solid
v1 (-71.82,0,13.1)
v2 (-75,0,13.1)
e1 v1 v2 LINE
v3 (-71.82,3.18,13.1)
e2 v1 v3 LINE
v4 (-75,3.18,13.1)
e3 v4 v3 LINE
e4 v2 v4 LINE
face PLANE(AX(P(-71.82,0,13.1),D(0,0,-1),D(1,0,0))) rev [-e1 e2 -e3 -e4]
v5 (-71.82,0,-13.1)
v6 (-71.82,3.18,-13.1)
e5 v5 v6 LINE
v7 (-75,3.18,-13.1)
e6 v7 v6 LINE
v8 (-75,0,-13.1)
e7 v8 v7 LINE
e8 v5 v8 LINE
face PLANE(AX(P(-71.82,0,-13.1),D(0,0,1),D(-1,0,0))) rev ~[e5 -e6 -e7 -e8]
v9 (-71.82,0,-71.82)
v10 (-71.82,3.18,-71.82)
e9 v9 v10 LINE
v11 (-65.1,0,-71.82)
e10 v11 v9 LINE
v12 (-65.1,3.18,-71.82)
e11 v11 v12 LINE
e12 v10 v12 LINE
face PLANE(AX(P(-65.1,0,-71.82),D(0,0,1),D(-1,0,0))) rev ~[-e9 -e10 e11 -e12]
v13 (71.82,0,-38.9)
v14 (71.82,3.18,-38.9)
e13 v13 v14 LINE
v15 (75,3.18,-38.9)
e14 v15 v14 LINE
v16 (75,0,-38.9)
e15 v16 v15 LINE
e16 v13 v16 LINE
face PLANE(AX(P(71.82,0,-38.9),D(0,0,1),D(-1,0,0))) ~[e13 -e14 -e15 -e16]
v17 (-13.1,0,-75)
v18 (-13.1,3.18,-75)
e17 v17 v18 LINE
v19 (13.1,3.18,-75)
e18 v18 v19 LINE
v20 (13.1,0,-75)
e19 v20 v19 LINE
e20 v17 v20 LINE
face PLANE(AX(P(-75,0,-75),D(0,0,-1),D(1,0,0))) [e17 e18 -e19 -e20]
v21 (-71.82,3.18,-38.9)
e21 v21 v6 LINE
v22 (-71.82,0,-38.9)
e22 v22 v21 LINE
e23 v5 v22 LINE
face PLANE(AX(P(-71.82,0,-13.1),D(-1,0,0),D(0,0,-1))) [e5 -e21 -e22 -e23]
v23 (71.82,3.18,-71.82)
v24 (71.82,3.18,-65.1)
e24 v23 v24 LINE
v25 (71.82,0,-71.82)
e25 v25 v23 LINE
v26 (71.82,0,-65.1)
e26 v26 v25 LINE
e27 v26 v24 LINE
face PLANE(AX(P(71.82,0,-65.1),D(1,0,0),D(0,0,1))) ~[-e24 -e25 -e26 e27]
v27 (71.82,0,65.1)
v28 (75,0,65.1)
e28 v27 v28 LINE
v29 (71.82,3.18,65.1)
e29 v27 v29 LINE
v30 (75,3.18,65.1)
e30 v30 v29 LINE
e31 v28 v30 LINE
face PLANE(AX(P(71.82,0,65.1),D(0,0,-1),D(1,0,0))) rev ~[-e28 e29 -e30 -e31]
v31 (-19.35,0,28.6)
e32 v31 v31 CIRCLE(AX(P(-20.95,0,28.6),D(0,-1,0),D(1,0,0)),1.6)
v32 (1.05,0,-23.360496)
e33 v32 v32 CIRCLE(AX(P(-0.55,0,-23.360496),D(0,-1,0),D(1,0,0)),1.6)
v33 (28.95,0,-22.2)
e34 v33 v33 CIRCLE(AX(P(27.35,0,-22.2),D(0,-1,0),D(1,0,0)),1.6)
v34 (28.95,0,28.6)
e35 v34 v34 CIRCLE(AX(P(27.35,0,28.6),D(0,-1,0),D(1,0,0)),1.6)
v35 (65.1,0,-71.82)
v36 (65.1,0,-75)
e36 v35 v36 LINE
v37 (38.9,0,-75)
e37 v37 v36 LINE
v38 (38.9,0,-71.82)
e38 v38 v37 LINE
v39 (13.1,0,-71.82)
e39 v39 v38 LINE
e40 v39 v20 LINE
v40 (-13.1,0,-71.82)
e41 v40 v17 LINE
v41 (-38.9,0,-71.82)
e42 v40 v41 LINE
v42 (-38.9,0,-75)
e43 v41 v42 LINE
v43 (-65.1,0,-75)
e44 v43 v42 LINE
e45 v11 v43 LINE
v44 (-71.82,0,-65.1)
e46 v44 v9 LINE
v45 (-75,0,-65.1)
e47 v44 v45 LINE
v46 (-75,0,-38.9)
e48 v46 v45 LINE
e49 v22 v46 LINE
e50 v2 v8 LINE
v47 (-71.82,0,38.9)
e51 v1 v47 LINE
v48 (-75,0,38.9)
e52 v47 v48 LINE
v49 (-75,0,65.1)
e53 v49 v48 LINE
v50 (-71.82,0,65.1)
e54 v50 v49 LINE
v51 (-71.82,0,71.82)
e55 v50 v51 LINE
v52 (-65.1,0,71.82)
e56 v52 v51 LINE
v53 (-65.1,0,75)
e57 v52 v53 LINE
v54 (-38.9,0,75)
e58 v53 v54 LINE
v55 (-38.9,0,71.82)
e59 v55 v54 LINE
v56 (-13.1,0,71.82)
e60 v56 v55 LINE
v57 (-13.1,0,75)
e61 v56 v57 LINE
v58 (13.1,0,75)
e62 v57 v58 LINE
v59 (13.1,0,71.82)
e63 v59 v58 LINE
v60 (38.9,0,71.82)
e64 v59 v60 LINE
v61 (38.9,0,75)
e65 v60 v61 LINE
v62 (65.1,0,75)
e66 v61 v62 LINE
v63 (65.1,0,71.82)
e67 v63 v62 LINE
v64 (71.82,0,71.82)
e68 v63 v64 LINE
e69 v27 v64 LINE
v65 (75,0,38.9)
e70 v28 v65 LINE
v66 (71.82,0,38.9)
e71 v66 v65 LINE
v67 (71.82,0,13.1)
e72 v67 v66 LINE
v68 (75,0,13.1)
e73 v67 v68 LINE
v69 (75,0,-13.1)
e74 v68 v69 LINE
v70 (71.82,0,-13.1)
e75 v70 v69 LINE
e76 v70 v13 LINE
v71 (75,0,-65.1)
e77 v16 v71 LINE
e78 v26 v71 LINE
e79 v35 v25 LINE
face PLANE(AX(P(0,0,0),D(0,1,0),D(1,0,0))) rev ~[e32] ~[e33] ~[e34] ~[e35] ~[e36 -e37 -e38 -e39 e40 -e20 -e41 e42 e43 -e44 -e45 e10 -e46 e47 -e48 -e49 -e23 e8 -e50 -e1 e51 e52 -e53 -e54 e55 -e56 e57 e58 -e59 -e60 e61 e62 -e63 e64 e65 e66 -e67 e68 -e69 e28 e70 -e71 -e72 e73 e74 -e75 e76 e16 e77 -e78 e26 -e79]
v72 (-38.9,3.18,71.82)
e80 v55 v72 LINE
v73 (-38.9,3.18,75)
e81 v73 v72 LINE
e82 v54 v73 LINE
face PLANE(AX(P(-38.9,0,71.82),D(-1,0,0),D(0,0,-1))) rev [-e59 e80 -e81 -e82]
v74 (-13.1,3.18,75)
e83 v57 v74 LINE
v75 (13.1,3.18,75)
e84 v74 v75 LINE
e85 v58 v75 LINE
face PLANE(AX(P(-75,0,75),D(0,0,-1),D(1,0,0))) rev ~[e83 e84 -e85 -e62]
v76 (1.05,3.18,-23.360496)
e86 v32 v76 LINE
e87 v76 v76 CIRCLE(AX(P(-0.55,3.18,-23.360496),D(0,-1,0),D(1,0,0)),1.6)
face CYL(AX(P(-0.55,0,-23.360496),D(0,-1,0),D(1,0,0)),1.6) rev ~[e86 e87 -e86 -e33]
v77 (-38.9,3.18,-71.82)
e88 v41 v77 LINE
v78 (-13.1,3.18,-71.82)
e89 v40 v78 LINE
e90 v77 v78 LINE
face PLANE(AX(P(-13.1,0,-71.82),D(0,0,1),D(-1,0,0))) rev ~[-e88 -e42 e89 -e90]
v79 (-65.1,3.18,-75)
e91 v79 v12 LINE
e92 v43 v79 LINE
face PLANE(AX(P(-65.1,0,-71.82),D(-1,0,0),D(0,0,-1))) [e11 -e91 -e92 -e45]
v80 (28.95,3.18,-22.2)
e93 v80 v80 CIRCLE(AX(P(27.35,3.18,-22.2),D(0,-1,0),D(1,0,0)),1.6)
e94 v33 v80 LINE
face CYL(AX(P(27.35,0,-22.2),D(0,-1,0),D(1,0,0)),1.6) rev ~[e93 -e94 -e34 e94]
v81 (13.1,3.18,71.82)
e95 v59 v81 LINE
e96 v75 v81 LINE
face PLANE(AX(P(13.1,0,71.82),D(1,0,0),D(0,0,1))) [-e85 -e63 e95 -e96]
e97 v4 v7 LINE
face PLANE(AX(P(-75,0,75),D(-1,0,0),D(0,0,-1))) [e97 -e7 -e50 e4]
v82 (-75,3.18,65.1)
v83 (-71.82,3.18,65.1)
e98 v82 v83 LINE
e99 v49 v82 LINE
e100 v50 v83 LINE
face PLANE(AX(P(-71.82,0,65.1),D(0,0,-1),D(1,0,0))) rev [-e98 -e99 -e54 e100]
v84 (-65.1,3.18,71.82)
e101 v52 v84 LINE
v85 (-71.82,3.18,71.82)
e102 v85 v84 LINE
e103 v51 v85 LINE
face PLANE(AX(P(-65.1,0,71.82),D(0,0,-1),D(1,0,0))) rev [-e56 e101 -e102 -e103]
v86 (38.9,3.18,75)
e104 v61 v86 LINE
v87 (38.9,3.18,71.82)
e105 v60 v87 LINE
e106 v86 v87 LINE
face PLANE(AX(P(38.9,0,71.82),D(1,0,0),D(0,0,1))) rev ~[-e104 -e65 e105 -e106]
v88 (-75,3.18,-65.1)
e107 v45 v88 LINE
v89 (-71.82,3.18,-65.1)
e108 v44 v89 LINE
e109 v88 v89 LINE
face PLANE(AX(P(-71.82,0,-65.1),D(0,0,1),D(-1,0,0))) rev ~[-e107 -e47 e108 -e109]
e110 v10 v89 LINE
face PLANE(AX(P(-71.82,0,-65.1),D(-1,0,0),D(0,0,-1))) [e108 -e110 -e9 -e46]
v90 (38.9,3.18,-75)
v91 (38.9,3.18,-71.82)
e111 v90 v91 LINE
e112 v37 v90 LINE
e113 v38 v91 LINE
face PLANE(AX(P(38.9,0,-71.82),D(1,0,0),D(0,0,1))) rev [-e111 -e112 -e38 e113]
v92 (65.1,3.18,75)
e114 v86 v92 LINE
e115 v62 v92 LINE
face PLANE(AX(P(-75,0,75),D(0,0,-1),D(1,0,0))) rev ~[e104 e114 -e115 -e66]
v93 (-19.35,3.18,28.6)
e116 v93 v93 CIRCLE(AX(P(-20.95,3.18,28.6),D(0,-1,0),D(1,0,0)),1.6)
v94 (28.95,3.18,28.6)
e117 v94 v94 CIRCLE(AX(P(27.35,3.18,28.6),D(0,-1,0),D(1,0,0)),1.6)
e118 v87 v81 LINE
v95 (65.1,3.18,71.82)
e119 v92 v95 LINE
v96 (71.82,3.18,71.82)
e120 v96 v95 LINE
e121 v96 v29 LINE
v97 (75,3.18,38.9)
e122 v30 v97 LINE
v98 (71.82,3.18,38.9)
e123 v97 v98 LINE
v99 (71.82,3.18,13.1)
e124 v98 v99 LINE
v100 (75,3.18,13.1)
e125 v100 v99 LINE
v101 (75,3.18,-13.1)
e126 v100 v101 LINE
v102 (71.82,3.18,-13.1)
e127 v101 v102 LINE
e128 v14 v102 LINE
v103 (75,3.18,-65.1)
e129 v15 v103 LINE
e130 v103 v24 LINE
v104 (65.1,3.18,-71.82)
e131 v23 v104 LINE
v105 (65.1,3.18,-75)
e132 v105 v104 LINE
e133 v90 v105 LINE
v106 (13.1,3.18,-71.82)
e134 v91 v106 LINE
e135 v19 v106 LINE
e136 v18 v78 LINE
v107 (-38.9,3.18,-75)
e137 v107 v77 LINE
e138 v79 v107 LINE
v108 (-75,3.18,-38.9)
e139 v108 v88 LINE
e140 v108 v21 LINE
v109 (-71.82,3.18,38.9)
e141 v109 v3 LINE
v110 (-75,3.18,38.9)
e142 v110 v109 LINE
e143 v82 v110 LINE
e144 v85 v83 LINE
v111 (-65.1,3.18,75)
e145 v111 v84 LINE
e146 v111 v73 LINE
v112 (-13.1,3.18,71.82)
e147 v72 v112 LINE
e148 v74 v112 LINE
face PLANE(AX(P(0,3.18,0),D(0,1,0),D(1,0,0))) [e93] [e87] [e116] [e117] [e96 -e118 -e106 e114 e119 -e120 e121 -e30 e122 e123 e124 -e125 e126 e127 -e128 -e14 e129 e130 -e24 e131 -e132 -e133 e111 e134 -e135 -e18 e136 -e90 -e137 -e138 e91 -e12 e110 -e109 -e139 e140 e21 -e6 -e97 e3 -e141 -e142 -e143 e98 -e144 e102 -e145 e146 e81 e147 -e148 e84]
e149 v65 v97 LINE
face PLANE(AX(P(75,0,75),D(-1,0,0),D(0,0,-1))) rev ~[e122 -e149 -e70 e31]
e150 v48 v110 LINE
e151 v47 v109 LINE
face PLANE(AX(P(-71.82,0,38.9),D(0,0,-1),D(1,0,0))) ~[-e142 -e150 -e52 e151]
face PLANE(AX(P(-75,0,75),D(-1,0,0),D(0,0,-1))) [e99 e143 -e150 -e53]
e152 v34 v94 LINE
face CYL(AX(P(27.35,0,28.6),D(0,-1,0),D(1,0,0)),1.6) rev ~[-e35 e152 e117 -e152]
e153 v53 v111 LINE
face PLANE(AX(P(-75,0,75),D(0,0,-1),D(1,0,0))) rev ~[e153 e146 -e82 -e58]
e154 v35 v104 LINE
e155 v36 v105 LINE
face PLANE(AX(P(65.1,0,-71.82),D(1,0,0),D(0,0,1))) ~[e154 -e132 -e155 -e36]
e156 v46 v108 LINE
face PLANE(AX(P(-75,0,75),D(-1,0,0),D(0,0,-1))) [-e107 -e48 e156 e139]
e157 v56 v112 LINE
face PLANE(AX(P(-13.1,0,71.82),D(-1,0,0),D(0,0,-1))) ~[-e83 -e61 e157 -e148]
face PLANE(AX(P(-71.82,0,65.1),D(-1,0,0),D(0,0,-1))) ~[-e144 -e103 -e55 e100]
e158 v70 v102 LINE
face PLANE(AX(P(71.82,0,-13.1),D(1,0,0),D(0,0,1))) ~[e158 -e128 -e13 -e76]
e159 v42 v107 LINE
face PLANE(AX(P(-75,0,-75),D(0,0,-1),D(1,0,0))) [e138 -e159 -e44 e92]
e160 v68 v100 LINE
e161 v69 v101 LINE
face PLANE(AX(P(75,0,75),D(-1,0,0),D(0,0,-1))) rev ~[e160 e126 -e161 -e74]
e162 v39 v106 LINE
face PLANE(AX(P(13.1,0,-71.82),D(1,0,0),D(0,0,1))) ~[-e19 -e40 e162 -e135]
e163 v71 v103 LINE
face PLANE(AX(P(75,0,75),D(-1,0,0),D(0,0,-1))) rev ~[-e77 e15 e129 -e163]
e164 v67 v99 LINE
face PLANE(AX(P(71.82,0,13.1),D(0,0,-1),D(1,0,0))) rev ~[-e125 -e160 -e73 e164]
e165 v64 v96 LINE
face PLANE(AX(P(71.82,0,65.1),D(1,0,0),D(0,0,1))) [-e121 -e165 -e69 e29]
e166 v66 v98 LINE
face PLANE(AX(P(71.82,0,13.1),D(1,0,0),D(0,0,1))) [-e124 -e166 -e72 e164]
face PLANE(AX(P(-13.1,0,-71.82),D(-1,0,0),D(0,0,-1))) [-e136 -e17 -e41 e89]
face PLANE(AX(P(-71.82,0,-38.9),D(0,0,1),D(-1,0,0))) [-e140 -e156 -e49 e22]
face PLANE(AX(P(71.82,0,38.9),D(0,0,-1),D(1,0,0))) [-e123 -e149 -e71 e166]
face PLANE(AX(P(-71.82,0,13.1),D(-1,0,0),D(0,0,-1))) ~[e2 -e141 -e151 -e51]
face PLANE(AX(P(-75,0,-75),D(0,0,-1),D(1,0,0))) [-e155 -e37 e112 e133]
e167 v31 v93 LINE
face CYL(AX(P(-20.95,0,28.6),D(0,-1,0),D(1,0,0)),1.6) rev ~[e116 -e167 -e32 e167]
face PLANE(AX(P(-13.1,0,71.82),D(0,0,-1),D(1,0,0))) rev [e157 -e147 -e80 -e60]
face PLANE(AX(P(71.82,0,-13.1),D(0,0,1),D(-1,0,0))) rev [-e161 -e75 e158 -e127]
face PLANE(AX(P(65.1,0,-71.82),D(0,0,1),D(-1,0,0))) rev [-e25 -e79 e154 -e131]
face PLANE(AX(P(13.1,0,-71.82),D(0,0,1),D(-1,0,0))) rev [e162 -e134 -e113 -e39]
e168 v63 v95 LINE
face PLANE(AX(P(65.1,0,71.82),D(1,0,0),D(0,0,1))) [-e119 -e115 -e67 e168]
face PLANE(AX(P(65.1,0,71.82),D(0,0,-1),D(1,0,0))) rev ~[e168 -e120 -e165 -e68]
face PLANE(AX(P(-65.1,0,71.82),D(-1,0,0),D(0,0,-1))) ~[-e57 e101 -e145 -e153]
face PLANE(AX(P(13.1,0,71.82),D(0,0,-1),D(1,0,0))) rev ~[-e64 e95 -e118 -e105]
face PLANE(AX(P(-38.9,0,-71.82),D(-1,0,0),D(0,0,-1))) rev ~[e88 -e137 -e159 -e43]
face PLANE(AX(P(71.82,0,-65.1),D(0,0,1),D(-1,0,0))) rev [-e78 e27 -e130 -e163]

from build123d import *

# Parameters (mm, degrees)
SKETCH1_W                 = 150
SKETCH1_H                 = 150
BOSS_EXTRUDE1_DEPTH       = 3.18
SKETCH9_W                 = 3.18
SKETCH9_H                 = 9.9
SKETCH9_H_2               = 25.8
CUT_EXTRUDE7_DEPTH        = 10
MIRROR2_COPY_1_SKETCH_W   = 3.18
MIRROR2_COPY_1_SKETCH_H   = 9.9
MIRROR2_COPY_1_SKETCH_H_2 = 25.8
MIRROR2_COPY_1_DEPTH      = 10
SKETCH10_W                = 6.72
SKETCH10_H                = 3.18
SKETCH10_W_2              = 25.8
CUT_EXTRUDE8_DEPTH        = 10
MIRROR5_COPY_1_SKETCH_W   = 6.72
MIRROR5_COPY_1_SKETCH_H   = 3.18
MIRROR5_COPY_1_SKETCH_W_2 = 25.8
MIRROR5_COPY_1_DEPTH      = 10
SKETCH11_R                = 1.6
CUT_EXTRUDE9_DEPTH        = 10
SKETCH12_R                = 1.6
CUT_EXTRUDE10_DEPTH       = 10
SKETCH13_R                = 1.6
CUT_EXTRUDE11_DEPTH       = 10
SKETCH14_R                = 1.6
CUT_EXTRUDE12_DEPTH       = 10


with BuildPart() as part:
    # Sketch1 → Boss-Extrude1 (new body)
    with BuildSketch(Plane(origin=(0, 0, 0), x_dir=(1, 0, 0), z_dir=(0, 1, 0))):
        Rectangle(SKETCH1_W, SKETCH1_H)
    extrude(amount=BOSS_EXTRUDE1_DEPTH)

    # Sketch9 → Cut-Extrude7 (cut)
    with BuildSketch(Plane.XZ):
        with Locations((73.41, 70.05)):
            Rectangle(SKETCH9_W, SKETCH9_H)
        with Locations((73.41, 26)):
            Rectangle(SKETCH9_W, SKETCH9_H_2)
    cut_extrude7 = extrude(amount=-CUT_EXTRUDE7_DEPTH, mode=Mode.SUBTRACT)

    # Mirror1: Cut-Extrude7 across plane
    add(cut_extrude7.mirror(Plane.XY), mode=Mode.SUBTRACT)

    # Mirror2: Cut-Extrude7 across plane
    add(cut_extrude7.mirror(Plane(origin=(0, 0, 0), x_dir=(0, 0, 1), z_dir=(1, 0, 0))), mode=Mode.SUBTRACT)

    # Mirror2 copy 1 sketch → Mirror2 copy 1 (cut)
    with BuildSketch(Plane(origin=(0, 0, 0), x_dir=(-1, 0, 0), z_dir=(0, -1, 0))):
        with Locations((73.41, 70.05)):
            Rectangle(MIRROR2_COPY_1_SKETCH_W, MIRROR2_COPY_1_SKETCH_H)
        with Locations((73.41, 26)):
            Rectangle(MIRROR2_COPY_1_SKETCH_W, MIRROR2_COPY_1_SKETCH_H_2)
    extrude(amount=-MIRROR2_COPY_1_DEPTH, mode=Mode.SUBTRACT)

    # Sketch10 → Cut-Extrude8 (cut)
    with BuildSketch(Plane.XZ):
        with Locations((68.46, 73.41)):
            Rectangle(SKETCH10_W, SKETCH10_H)
        with Locations((26, 73.41)):
            Rectangle(SKETCH10_W_2, SKETCH10_H)
    cut_extrude8 = extrude(amount=-CUT_EXTRUDE8_DEPTH, mode=Mode.SUBTRACT)

    # Mirror4: Cut-Extrude8 across plane
    add(cut_extrude8.mirror(Plane(origin=(0, 0, 0), x_dir=(0, 0, 1), z_dir=(1, 0, 0))), mode=Mode.SUBTRACT)

    # Mirror5: Cut-Extrude8 across plane
    add(cut_extrude8.mirror(Plane.XY), mode=Mode.SUBTRACT)

    # Mirror5 copy 1 sketch → Mirror5 copy 1 (cut)
    with BuildSketch(Plane(origin=(0, 0, 0), x_dir=(-1, 0, 0), z_dir=(0, -1, 0))):
        with Locations((68.46, 73.41)):
            Rectangle(MIRROR5_COPY_1_SKETCH_W, MIRROR5_COPY_1_SKETCH_H)
        with Locations((26, 73.41)):
            Rectangle(MIRROR5_COPY_1_SKETCH_W_2, MIRROR5_COPY_1_SKETCH_H)
    extrude(amount=-MIRROR5_COPY_1_DEPTH, mode=Mode.SUBTRACT)

    # Sketch11 → Cut-Extrude9 (cut)
    with BuildSketch(Plane.XZ):
        with Locations((27.35, 28.6)):
            Circle(SKETCH11_R)
    extrude(amount=-CUT_EXTRUDE9_DEPTH, mode=Mode.SUBTRACT)

    # Sketch12 → Cut-Extrude10 (cut)
    with BuildSketch(Plane.XZ):
        with Locations((-20.95, 28.6)):
            Circle(SKETCH12_R)
    extrude(amount=-CUT_EXTRUDE10_DEPTH, mode=Mode.SUBTRACT)

    # Sketch13 → Cut-Extrude11 (cut)
    with BuildSketch(Plane.XZ):
        with Locations((27.35, -22.2)):
            Circle(SKETCH13_R)
    extrude(amount=-CUT_EXTRUDE11_DEPTH, mode=Mode.SUBTRACT)

    # Sketch14 → Cut-Extrude12 (cut)
    with BuildSketch(Plane.XZ):
        with Locations((-0.55, -23.360495604)):
            Circle(SKETCH14_R)
    extrude(amount=-CUT_EXTRUDE12_DEPTH, mode=Mode.SUBTRACT)


solid = part.part
